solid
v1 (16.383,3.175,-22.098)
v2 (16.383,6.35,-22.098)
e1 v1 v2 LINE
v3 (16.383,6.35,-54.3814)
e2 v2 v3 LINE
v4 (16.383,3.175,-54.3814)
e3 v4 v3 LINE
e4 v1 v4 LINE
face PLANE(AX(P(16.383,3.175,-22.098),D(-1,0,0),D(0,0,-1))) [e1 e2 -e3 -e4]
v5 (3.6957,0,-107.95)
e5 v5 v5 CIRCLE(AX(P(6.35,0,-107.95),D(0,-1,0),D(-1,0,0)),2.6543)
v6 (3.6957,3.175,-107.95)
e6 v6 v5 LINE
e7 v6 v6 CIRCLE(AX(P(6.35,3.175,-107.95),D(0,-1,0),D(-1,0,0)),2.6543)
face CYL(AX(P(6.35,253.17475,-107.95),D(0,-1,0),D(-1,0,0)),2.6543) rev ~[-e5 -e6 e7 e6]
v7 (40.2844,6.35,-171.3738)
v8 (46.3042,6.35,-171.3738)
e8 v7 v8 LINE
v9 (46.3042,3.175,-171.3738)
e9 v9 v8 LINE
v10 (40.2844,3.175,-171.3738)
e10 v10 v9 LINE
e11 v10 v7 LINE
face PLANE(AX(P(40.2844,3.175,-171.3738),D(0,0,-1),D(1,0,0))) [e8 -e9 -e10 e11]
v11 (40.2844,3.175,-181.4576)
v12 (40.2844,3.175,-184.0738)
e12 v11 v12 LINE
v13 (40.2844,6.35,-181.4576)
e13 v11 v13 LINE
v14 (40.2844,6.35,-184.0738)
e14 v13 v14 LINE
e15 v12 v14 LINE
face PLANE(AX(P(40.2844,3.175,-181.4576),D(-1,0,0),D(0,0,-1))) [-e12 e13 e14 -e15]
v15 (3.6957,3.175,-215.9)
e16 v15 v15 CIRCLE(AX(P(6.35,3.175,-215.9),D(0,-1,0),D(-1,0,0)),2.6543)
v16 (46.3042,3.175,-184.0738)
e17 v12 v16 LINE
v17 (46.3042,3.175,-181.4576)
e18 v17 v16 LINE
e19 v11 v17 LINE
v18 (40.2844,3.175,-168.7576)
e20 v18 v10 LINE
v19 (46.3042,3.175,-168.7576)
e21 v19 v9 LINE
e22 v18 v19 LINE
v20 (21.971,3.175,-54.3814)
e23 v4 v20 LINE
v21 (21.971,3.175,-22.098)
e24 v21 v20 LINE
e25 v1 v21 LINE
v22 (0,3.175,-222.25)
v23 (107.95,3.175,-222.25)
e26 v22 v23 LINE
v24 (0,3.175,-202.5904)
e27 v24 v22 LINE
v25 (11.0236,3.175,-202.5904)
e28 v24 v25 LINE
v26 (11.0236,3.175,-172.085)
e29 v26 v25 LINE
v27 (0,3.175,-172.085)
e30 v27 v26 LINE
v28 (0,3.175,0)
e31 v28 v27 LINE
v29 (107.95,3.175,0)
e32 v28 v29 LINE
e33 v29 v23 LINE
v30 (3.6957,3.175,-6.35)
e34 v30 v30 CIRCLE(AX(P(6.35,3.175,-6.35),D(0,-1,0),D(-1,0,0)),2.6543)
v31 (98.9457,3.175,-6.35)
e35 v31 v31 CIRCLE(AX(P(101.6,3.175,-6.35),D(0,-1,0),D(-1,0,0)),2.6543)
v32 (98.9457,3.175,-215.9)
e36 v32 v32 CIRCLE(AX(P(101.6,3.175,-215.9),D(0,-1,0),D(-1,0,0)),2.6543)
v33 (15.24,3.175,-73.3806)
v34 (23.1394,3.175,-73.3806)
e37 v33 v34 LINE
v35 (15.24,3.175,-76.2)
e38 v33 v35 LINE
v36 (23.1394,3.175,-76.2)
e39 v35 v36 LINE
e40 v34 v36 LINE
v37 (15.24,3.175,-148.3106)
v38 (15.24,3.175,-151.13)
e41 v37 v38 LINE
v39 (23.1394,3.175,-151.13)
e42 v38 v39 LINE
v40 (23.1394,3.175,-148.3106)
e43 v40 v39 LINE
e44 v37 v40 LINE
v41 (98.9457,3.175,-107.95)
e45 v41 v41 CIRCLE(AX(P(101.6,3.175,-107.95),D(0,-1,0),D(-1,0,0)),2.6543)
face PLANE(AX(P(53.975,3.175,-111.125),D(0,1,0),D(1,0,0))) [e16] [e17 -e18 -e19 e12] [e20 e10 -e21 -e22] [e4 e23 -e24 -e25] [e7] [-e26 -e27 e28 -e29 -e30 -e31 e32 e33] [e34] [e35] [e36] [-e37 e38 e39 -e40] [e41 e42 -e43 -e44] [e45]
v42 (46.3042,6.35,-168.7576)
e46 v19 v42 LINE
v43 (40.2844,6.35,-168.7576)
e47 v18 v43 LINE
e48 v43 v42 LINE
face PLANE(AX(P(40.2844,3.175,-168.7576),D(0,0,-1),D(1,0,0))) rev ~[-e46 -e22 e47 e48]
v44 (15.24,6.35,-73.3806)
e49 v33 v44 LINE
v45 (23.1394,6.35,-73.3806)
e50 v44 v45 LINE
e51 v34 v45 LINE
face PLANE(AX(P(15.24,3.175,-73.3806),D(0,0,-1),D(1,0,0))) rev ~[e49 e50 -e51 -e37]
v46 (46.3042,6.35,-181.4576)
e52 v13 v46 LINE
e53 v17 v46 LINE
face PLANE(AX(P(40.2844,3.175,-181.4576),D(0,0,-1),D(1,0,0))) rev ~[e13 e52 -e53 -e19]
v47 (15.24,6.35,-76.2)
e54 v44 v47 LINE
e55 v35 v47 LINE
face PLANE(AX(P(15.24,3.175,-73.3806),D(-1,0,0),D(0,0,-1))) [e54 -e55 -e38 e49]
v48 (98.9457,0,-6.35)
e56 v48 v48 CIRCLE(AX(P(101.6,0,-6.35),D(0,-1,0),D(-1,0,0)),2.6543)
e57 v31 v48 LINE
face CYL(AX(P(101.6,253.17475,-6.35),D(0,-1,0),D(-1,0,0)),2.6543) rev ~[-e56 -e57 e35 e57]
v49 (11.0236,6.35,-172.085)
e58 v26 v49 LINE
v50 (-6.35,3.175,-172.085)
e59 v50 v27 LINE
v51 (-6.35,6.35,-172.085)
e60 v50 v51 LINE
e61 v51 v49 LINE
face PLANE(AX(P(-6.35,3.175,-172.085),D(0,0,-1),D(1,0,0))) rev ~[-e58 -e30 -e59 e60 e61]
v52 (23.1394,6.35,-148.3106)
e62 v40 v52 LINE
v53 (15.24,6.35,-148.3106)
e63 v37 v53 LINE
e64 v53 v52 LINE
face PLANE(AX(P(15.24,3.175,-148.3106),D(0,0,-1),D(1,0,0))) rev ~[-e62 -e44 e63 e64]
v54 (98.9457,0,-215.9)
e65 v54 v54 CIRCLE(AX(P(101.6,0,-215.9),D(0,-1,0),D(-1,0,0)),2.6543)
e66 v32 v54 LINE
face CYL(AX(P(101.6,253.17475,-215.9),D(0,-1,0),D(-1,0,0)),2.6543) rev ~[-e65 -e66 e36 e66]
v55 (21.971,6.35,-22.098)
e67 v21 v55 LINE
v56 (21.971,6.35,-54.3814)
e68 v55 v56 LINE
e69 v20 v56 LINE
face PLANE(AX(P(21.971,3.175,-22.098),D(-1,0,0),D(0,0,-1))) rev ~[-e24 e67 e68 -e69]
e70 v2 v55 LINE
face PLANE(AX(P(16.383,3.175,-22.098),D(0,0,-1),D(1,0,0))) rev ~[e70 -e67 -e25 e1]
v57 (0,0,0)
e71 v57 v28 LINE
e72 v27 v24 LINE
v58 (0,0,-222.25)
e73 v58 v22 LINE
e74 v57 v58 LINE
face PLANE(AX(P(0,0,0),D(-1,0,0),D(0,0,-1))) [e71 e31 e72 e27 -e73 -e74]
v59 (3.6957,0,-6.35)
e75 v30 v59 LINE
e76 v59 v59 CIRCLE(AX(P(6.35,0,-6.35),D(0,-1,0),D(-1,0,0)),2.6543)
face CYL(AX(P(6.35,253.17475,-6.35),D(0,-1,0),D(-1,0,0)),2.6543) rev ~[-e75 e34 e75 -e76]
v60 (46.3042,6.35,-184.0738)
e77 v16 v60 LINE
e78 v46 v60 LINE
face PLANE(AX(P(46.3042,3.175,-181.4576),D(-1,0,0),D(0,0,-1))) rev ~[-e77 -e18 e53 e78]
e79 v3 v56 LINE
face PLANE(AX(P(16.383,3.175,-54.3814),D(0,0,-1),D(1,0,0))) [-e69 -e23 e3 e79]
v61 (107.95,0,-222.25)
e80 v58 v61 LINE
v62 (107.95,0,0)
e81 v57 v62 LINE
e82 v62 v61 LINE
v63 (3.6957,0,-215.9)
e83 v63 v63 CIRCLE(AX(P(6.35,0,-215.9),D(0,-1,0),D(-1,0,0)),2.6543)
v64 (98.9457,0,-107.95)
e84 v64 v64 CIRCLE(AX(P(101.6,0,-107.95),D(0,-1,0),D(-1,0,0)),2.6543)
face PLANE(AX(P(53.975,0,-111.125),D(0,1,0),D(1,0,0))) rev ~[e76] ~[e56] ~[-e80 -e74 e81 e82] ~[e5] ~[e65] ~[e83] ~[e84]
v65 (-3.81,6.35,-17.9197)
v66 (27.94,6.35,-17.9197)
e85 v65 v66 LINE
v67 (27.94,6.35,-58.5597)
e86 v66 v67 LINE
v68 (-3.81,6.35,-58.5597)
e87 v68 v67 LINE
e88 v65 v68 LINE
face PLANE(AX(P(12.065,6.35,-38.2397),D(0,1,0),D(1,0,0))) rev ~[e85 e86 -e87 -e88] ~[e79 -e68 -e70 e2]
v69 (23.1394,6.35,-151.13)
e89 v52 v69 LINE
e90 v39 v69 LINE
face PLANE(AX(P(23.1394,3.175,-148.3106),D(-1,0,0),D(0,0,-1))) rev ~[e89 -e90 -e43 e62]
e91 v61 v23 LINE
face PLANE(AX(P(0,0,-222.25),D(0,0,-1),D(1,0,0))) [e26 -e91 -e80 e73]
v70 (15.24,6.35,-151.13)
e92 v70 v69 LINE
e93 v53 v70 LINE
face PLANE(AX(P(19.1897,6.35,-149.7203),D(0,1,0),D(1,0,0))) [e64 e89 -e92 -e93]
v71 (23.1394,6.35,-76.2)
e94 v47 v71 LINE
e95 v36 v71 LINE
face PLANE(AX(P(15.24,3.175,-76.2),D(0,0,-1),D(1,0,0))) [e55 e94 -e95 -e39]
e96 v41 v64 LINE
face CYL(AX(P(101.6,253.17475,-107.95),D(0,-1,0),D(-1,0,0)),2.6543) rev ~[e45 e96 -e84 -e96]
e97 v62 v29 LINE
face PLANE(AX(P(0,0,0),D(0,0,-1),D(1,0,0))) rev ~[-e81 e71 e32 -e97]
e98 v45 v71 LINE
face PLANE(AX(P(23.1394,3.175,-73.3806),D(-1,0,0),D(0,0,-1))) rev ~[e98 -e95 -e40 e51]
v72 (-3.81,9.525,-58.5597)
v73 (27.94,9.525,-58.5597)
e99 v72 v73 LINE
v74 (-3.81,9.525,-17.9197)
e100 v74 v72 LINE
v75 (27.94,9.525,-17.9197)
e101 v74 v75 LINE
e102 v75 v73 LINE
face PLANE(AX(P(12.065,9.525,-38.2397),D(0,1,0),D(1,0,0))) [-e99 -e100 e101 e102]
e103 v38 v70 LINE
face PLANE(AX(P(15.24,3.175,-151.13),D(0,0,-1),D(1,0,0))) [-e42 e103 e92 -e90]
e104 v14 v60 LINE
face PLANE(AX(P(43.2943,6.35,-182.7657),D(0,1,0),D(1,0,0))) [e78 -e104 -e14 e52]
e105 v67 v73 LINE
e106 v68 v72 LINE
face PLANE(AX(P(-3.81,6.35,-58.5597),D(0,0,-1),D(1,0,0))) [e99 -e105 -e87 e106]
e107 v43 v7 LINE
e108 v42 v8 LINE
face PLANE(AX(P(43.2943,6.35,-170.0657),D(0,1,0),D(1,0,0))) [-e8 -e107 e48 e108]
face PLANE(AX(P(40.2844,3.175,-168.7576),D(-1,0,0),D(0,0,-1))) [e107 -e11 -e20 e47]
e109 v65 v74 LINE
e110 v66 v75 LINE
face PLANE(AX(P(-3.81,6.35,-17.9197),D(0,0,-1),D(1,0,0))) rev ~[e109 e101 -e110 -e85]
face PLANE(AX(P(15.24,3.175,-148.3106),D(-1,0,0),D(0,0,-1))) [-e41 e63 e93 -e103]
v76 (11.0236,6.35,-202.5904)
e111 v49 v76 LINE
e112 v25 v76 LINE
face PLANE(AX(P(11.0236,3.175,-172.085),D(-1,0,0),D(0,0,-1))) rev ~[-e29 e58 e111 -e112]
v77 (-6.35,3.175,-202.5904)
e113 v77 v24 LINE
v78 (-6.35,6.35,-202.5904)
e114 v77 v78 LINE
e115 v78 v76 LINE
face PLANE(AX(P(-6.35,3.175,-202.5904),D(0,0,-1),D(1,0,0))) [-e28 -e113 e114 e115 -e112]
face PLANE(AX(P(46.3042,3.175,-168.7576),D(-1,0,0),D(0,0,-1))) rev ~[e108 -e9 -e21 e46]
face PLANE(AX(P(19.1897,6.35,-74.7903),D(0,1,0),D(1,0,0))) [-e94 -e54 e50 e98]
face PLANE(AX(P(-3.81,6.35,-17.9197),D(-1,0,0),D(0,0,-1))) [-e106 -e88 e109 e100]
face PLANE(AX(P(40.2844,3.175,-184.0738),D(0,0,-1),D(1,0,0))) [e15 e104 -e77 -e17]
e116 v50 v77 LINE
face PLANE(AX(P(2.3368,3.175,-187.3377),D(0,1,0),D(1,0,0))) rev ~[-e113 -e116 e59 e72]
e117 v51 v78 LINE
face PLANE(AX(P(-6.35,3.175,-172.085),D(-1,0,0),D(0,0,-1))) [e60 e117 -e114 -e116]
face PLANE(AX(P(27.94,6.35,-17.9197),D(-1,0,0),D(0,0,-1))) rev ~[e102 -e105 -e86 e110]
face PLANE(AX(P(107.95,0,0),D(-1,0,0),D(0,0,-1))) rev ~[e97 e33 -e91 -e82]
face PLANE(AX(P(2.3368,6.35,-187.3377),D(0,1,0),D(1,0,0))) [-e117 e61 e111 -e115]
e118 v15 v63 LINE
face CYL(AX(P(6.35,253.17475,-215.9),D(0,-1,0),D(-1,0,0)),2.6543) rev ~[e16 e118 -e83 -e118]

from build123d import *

# Parameters (mm, degrees)
SKETCH1_W                  = 107.95
SKETCH1_H                  = 222.25
BOSS_EXTRUDE1_DEPTH        = 3.175
SKETCH3_W                  = 17.3736
SKETCH3_H                  = 30.5054
SKETCH3_W_2                = 7.8994
SKETCH3_H_2                = 2.8194
SKETCH3_W_3                = 5.588
SKETCH3_H_3                = 32.2834
SKETCH3_W_4                = 6.0198
SKETCH3_H_4                = 2.6162
BOSS_EXTRUDE2_DEPTH        = 3.175
F_4_0_209_DIAMETER_HOLE1_D = 5.3086
SKETCH7_W                  = 31.75
SKETCH7_H                  = 40.64
BOSS_EXTRUDE3_DEPTH        = 3.175


with BuildPart() as part:
    # Sketch1 → Boss-Extrude1 (new body)
    with BuildSketch(Plane(origin=(0, 0, 0), x_dir=(1, 0, 0), z_dir=(0, 1, 0))):
        with Locations((53.975, 111.125)):
            Rectangle(SKETCH1_W, SKETCH1_H)
    extrude(amount=BOSS_EXTRUDE1_DEPTH)

    # Sketch3 → Boss-Extrude2 (add)
    with BuildSketch(Plane(origin=(0, 3.175, 0), x_dir=(1, 0, 0), z_dir=(0, 1, 0))):
        with Locations((2.3368, 187.3377)):
            Rectangle(SKETCH3_W, SKETCH3_H)
        with Locations((19.1897, 149.7203)):
            Rectangle(SKETCH3_W_2, SKETCH3_H_2)
        with Locations((19.1897, 74.7903)):
            Rectangle(SKETCH3_W_2, SKETCH3_H_2)
        with Locations((19.177, 38.2397)):
            Rectangle(SKETCH3_W_3, SKETCH3_H_3)
        with Locations((43.2943, 182.7657)):
            Rectangle(SKETCH3_W_4, SKETCH3_H_4)
        with Locations((43.2943, 170.0657)):
            Rectangle(SKETCH3_W_4, SKETCH3_H_4)
    extrude(amount=BOSS_EXTRUDE2_DEPTH)

    # #4 (0.209) Diameter Hole1 (through all)
    with Locations(Plane(origin=(0, 3.175, 0), x_dir=(1, 0, 0), z_dir=(0, 1, 0))):
        with Locations((101.6, 215.9), (101.6, 6.35), (6.35, 6.35), (6.35, 215.9), (6.35, 107.95), (101.6, 107.95)):
            Hole(F_4_0_209_DIAMETER_HOLE1_D / 2)

    # Sketch7 → Boss-Extrude3 (add)
    with BuildSketch(Plane(origin=(0, 6.35, 0), x_dir=(1, 0, 0), z_dir=(0, 1, 0))):
        with Locations((12.065, 38.2397)):
            Rectangle(SKETCH7_W, SKETCH7_H)
    extrude(amount=BOSS_EXTRUDE3_DEPTH)


solid = part.part
